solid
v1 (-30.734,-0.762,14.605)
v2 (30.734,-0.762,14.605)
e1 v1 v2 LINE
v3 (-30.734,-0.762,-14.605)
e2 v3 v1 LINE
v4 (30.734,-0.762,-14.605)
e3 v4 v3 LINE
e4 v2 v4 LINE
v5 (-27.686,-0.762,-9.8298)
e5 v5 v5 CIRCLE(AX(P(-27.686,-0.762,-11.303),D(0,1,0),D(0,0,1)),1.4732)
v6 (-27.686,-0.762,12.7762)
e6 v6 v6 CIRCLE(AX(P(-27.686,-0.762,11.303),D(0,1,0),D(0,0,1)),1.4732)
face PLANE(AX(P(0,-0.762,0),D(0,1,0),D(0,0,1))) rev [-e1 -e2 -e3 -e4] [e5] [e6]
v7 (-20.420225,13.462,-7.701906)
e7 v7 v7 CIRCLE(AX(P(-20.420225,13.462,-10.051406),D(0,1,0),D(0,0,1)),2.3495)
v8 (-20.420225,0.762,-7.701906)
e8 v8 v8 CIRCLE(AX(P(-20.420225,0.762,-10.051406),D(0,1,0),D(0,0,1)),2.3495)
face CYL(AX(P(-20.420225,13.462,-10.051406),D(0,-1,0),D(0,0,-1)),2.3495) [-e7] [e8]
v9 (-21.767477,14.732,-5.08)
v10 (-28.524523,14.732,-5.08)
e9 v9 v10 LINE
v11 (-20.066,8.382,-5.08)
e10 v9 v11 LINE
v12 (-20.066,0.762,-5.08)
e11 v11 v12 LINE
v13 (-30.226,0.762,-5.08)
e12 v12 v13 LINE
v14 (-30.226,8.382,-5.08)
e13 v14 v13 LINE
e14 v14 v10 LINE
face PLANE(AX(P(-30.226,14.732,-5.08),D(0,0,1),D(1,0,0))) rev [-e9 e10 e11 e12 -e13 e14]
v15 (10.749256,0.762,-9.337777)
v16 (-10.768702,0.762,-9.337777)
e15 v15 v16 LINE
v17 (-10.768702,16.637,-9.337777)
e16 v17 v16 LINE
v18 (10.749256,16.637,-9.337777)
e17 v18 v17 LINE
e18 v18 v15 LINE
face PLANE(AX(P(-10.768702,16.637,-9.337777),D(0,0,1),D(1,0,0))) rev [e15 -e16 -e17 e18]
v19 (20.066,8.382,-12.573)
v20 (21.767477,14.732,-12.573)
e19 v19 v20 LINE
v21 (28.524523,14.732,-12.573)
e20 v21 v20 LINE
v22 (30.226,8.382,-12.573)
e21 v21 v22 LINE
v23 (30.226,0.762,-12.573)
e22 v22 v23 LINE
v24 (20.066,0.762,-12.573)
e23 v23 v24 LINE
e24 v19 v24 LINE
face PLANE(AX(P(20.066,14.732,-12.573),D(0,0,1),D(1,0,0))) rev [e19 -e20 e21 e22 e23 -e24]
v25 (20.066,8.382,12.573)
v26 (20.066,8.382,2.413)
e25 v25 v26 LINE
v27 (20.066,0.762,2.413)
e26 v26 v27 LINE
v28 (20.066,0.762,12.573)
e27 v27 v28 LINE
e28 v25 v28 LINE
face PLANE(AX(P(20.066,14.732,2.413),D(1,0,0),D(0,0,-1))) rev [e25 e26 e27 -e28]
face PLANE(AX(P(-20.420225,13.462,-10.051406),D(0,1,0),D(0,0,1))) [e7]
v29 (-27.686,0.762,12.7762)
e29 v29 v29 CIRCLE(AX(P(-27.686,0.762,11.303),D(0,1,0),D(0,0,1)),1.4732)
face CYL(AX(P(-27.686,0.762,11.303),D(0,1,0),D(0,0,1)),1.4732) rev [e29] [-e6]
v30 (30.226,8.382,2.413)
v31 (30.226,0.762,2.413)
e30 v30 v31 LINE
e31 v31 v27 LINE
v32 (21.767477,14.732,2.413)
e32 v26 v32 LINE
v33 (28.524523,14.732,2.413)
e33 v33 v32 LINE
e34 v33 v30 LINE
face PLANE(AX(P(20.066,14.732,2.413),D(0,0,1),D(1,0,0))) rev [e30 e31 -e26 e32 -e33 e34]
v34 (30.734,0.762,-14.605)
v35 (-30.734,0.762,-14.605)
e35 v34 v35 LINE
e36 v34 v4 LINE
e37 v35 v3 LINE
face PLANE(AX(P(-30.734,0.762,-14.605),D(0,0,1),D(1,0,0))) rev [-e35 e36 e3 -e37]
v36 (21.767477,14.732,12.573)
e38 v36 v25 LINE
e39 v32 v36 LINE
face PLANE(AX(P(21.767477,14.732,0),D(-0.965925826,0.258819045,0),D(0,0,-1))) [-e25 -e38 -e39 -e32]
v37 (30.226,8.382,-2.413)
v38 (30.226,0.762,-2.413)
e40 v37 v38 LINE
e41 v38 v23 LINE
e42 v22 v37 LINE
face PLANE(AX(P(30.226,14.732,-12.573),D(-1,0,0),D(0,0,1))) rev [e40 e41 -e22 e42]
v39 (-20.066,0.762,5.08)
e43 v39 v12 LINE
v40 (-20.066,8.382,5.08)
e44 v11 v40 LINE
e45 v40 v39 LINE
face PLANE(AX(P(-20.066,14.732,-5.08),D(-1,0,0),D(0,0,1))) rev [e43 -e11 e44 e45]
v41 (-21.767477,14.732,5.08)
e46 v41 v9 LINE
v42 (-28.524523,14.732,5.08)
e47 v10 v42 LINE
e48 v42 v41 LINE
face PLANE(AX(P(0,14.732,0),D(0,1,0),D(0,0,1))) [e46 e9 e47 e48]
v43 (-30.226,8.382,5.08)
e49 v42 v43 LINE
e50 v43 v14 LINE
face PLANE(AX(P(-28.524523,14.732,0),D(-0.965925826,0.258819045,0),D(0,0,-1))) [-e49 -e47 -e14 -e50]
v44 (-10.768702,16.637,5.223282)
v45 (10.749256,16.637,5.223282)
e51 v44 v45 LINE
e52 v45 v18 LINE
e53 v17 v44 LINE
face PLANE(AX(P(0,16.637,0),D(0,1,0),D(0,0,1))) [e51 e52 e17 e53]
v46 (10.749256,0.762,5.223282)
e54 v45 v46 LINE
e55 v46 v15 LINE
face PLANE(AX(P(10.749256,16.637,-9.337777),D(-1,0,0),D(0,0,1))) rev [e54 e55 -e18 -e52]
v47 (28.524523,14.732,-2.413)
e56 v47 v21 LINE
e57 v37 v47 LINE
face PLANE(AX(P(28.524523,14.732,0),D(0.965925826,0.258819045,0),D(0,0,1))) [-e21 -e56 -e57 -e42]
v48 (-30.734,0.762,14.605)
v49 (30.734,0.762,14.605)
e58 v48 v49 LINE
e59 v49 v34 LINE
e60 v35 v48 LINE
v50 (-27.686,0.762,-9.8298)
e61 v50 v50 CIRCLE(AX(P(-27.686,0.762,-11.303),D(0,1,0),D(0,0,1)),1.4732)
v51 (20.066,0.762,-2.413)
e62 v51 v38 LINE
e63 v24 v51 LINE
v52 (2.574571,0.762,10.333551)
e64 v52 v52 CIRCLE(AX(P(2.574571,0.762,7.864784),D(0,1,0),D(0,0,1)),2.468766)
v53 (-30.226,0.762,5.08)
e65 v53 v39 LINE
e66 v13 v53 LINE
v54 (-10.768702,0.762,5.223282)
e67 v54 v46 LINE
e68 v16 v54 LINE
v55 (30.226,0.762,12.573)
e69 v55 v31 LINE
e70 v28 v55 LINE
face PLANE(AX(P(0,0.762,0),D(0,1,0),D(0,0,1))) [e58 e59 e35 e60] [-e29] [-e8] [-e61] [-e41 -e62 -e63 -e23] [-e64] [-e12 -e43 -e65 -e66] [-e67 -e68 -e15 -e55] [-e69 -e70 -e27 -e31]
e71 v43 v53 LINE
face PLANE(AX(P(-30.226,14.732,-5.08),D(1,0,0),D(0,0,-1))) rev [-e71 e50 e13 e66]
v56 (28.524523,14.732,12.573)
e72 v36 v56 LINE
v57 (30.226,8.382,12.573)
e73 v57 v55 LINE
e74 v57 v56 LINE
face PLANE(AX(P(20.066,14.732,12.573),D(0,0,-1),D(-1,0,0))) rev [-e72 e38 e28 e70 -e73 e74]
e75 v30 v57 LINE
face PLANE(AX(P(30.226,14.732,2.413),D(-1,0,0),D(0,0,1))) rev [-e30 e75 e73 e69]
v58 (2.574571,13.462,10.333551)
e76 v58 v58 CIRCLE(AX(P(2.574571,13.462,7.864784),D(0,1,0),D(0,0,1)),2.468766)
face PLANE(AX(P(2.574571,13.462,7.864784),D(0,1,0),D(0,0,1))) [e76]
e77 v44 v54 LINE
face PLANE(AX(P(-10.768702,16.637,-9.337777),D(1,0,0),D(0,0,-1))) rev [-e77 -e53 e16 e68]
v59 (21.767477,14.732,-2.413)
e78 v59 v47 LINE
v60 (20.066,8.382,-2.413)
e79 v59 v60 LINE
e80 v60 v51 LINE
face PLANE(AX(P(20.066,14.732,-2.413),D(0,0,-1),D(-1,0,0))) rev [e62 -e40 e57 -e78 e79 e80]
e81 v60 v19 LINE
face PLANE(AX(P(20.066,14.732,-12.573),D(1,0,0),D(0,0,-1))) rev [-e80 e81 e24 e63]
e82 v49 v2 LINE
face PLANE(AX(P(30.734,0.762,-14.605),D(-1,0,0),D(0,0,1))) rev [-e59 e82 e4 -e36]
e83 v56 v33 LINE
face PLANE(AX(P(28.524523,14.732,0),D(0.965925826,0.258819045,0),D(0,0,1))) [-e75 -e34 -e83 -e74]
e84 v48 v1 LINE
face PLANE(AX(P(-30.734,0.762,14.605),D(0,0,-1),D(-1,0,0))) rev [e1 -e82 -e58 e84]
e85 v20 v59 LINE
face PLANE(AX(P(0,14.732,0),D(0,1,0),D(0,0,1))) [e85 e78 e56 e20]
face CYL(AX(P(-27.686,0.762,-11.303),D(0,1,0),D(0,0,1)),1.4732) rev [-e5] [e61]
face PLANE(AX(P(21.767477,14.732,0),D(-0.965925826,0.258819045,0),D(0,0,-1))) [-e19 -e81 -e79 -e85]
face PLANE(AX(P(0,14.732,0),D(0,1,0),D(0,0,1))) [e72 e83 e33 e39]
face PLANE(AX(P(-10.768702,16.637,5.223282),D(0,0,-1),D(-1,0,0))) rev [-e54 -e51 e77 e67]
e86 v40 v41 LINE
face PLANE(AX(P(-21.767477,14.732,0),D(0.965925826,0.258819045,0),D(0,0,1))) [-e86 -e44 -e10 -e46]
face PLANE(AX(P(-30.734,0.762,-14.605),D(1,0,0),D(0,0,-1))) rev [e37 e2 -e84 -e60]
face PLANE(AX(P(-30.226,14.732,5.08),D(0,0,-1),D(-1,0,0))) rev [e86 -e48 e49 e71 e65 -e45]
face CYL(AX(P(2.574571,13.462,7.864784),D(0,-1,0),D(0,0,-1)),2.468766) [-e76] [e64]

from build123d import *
from OCP.BRepFilletAPI import BRepFilletAPI_MakeChamfer

# Parameters (mm, degrees)
SKETCH1_W                   = 61.468
SKETCH1_H                   = 29.21
BOSS_EXTRUDE1_DEPTH         = 0.762
F_32_0_116_DIAMETER_HOLE1_D = 2.9464
SKETCH4_W                   = 10.16
SKETCH4_H                   = 10.16
BOSS_EXTRUDE2_DEPTH         = 13.97
SKETCH5_W                   = 10.16
SKETCH5_H                   = 10.16
BOSS_EXTRUDE3_DEPTH         = 13.97
CHAMFER1_SIZE               = 6.35
CHAMFER1_SIZE2              = 1.701477372
SKETCH6_R                   = 2.3495
BOSS_EXTRUDE4_DEPTH         = 12.7
SKETCH7_W                   = 21.517957465
SKETCH7_H                   = 14.561058099
BOSS_EXTRUDE5_DEPTH         = 15.875
SKETCH8_R                   = 2.468766422
BOSS_EXTRUDE6_DEPTH         = 12.7


with BuildPart() as part:
    # Sketch1 → Boss-Extrude1 (new, symmetric)
    with BuildSketch(Plane(origin=(0, 0, 0), x_dir=(1, 0, 0), z_dir=(0, 1, 0))):
        Rectangle(SKETCH1_W, SKETCH1_H)
    extrude(amount=BOSS_EXTRUDE1_DEPTH, both=True)

    # #32 (0.116) Diameter Hole1 (through all)
    with Locations(Plane(origin=(0, 0.762, 0), x_dir=(1, 0, 0), z_dir=(0, 1, 0))):
        with Locations((-27.686, 11.303), (-27.686, -11.303)):
            Hole(F_32_0_116_DIAMETER_HOLE1_D / 2)

    # Sketch4 → Boss-Extrude2 (add)
    with BuildSketch(Plane(origin=(0, 0.762, 0), x_dir=(1, 0, 0), z_dir=(0, 1, 0))):
        with Locations((-25.146, 0)):
            Rectangle(SKETCH4_W, SKETCH4_H)
    extrude(amount=BOSS_EXTRUDE2_DEPTH)

    # Sketch5 → Boss-Extrude3 (add)
    with BuildSketch(Plane(origin=(0, 0.762, 0), x_dir=(1, 0, 0), z_dir=(0, 1, 0))):
        with Locations((25.146, 7.493)):
            Rectangle(SKETCH5_W, SKETCH5_H)
        with Locations((25.146, -7.493)):
            Rectangle(SKETCH5_W, SKETCH5_H)
    extrude(amount=BOSS_EXTRUDE3_DEPTH)

    # Chamfer1: one chamfer whose edges measure the first distance from different faces: ONE call of the kernel's chamfer builder (chamfer() names one face for all edges)
    chamfer1_edges_1 = [part.edges().sort_by_distance(p)[0] for p in [
        (-30.226, 14.732, 0),
    ]]
    chamfer1_side_1 = [part.faces().sort_by_distance(p)[0] for p in [
        (-30.226, 7.747, 0),
    ]]
    chamfer1_edges_2 = [part.edges().sort_by_distance(p)[0] for p in [
        (-20.066, 14.732, 0),
    ]]
    chamfer1_side_2 = [part.faces().sort_by_distance(p)[0] for p in [
        (-20.066, 7.747, 0),
    ]]
    chamfer1_edges_3 = [part.edges().sort_by_distance(p)[0] for p in [
        (20.066, 14.732, -7.493),
    ]]
    chamfer1_side_3 = [part.faces().sort_by_distance(p)[0] for p in [
        (20.066, 7.747, -7.493),
    ]]
    chamfer1_edges_4 = [part.edges().sort_by_distance(p)[0] for p in [
        (30.226, 14.732, -7.493),
    ]]
    chamfer1_side_4 = [part.faces().sort_by_distance(p)[0] for p in [
        (30.226, 7.747, -7.493),
    ]]
    chamfer1_edges_5 = [part.edges().sort_by_distance(p)[0] for p in [
        (20.066, 14.732, 7.493),
    ]]
    chamfer1_side_5 = [part.faces().sort_by_distance(p)[0] for p in [
        (20.066, 7.747, 7.493),
    ]]
    chamfer1_edges_6 = [part.edges().sort_by_distance(p)[0] for p in [
        (30.226, 14.732, 7.493),
    ]]
    chamfer1_side_6 = [part.faces().sort_by_distance(p)[0] for p in [
        (30.226, 7.747, 7.493),
    ]]
    chamfer1 = BRepFilletAPI_MakeChamfer(part.part.solid().wrapped)
    for e in chamfer1_edges_1:
        chamfer1.Add(CHAMFER1_SIZE, CHAMFER1_SIZE2, e.wrapped, chamfer1_side_1[0].wrapped)  # the first distance lies on this face
    for e in chamfer1_edges_2:
        chamfer1.Add(CHAMFER1_SIZE, CHAMFER1_SIZE2, e.wrapped, chamfer1_side_2[0].wrapped)  # the first distance lies on this face
    for e in chamfer1_edges_3:
        chamfer1.Add(CHAMFER1_SIZE, CHAMFER1_SIZE2, e.wrapped, chamfer1_side_3[0].wrapped)  # the first distance lies on this face
    for e in chamfer1_edges_4:
        chamfer1.Add(CHAMFER1_SIZE, CHAMFER1_SIZE2, e.wrapped, chamfer1_side_4[0].wrapped)  # the first distance lies on this face
    for e in chamfer1_edges_5:
        chamfer1.Add(CHAMFER1_SIZE, CHAMFER1_SIZE2, e.wrapped, chamfer1_side_5[0].wrapped)  # the first distance lies on this face
    for e in chamfer1_edges_6:
        chamfer1.Add(CHAMFER1_SIZE, CHAMFER1_SIZE2, e.wrapped, chamfer1_side_6[0].wrapped)  # the first distance lies on this face
    add(Compound.cast(chamfer1.Shape()), mode=Mode.REPLACE)

    # Sketch6 → Boss-Extrude4 (add)
    with BuildSketch(Plane(origin=(0, 0.762, 0), x_dir=(1, 0, 0), z_dir=(0, 1, 0))):
        with Locations(Location((-20.420225117, 10.051406146, 0), (0, 0, 270))):
            Circle(SKETCH6_R)
    extrude(amount=BOSS_EXTRUDE4_DEPTH)

    # Sketch7 → Boss-Extrude5 (add)
    with BuildSketch(Plane(origin=(0, 0.762, 0), x_dir=(1, 0, 0), z_dir=(0, 1, 0))):
        with Locations((-0.009722788, 2.057247528)):
            Rectangle(SKETCH7_W, SKETCH7_H)
    extrude(amount=BOSS_EXTRUDE5_DEPTH)

    # Sketch8 → Boss-Extrude6 (add)
    with BuildSketch(Plane(origin=(0, 0.762, 0), x_dir=(1, 0, 0), z_dir=(0, 1, 0))):
        with Locations(Location((2.574570697, -7.864784458, 0), (0, 0, 270))):
            Circle(SKETCH8_R)
    extrude(amount=BOSS_EXTRUDE6_DEPTH)


solid = part.part
